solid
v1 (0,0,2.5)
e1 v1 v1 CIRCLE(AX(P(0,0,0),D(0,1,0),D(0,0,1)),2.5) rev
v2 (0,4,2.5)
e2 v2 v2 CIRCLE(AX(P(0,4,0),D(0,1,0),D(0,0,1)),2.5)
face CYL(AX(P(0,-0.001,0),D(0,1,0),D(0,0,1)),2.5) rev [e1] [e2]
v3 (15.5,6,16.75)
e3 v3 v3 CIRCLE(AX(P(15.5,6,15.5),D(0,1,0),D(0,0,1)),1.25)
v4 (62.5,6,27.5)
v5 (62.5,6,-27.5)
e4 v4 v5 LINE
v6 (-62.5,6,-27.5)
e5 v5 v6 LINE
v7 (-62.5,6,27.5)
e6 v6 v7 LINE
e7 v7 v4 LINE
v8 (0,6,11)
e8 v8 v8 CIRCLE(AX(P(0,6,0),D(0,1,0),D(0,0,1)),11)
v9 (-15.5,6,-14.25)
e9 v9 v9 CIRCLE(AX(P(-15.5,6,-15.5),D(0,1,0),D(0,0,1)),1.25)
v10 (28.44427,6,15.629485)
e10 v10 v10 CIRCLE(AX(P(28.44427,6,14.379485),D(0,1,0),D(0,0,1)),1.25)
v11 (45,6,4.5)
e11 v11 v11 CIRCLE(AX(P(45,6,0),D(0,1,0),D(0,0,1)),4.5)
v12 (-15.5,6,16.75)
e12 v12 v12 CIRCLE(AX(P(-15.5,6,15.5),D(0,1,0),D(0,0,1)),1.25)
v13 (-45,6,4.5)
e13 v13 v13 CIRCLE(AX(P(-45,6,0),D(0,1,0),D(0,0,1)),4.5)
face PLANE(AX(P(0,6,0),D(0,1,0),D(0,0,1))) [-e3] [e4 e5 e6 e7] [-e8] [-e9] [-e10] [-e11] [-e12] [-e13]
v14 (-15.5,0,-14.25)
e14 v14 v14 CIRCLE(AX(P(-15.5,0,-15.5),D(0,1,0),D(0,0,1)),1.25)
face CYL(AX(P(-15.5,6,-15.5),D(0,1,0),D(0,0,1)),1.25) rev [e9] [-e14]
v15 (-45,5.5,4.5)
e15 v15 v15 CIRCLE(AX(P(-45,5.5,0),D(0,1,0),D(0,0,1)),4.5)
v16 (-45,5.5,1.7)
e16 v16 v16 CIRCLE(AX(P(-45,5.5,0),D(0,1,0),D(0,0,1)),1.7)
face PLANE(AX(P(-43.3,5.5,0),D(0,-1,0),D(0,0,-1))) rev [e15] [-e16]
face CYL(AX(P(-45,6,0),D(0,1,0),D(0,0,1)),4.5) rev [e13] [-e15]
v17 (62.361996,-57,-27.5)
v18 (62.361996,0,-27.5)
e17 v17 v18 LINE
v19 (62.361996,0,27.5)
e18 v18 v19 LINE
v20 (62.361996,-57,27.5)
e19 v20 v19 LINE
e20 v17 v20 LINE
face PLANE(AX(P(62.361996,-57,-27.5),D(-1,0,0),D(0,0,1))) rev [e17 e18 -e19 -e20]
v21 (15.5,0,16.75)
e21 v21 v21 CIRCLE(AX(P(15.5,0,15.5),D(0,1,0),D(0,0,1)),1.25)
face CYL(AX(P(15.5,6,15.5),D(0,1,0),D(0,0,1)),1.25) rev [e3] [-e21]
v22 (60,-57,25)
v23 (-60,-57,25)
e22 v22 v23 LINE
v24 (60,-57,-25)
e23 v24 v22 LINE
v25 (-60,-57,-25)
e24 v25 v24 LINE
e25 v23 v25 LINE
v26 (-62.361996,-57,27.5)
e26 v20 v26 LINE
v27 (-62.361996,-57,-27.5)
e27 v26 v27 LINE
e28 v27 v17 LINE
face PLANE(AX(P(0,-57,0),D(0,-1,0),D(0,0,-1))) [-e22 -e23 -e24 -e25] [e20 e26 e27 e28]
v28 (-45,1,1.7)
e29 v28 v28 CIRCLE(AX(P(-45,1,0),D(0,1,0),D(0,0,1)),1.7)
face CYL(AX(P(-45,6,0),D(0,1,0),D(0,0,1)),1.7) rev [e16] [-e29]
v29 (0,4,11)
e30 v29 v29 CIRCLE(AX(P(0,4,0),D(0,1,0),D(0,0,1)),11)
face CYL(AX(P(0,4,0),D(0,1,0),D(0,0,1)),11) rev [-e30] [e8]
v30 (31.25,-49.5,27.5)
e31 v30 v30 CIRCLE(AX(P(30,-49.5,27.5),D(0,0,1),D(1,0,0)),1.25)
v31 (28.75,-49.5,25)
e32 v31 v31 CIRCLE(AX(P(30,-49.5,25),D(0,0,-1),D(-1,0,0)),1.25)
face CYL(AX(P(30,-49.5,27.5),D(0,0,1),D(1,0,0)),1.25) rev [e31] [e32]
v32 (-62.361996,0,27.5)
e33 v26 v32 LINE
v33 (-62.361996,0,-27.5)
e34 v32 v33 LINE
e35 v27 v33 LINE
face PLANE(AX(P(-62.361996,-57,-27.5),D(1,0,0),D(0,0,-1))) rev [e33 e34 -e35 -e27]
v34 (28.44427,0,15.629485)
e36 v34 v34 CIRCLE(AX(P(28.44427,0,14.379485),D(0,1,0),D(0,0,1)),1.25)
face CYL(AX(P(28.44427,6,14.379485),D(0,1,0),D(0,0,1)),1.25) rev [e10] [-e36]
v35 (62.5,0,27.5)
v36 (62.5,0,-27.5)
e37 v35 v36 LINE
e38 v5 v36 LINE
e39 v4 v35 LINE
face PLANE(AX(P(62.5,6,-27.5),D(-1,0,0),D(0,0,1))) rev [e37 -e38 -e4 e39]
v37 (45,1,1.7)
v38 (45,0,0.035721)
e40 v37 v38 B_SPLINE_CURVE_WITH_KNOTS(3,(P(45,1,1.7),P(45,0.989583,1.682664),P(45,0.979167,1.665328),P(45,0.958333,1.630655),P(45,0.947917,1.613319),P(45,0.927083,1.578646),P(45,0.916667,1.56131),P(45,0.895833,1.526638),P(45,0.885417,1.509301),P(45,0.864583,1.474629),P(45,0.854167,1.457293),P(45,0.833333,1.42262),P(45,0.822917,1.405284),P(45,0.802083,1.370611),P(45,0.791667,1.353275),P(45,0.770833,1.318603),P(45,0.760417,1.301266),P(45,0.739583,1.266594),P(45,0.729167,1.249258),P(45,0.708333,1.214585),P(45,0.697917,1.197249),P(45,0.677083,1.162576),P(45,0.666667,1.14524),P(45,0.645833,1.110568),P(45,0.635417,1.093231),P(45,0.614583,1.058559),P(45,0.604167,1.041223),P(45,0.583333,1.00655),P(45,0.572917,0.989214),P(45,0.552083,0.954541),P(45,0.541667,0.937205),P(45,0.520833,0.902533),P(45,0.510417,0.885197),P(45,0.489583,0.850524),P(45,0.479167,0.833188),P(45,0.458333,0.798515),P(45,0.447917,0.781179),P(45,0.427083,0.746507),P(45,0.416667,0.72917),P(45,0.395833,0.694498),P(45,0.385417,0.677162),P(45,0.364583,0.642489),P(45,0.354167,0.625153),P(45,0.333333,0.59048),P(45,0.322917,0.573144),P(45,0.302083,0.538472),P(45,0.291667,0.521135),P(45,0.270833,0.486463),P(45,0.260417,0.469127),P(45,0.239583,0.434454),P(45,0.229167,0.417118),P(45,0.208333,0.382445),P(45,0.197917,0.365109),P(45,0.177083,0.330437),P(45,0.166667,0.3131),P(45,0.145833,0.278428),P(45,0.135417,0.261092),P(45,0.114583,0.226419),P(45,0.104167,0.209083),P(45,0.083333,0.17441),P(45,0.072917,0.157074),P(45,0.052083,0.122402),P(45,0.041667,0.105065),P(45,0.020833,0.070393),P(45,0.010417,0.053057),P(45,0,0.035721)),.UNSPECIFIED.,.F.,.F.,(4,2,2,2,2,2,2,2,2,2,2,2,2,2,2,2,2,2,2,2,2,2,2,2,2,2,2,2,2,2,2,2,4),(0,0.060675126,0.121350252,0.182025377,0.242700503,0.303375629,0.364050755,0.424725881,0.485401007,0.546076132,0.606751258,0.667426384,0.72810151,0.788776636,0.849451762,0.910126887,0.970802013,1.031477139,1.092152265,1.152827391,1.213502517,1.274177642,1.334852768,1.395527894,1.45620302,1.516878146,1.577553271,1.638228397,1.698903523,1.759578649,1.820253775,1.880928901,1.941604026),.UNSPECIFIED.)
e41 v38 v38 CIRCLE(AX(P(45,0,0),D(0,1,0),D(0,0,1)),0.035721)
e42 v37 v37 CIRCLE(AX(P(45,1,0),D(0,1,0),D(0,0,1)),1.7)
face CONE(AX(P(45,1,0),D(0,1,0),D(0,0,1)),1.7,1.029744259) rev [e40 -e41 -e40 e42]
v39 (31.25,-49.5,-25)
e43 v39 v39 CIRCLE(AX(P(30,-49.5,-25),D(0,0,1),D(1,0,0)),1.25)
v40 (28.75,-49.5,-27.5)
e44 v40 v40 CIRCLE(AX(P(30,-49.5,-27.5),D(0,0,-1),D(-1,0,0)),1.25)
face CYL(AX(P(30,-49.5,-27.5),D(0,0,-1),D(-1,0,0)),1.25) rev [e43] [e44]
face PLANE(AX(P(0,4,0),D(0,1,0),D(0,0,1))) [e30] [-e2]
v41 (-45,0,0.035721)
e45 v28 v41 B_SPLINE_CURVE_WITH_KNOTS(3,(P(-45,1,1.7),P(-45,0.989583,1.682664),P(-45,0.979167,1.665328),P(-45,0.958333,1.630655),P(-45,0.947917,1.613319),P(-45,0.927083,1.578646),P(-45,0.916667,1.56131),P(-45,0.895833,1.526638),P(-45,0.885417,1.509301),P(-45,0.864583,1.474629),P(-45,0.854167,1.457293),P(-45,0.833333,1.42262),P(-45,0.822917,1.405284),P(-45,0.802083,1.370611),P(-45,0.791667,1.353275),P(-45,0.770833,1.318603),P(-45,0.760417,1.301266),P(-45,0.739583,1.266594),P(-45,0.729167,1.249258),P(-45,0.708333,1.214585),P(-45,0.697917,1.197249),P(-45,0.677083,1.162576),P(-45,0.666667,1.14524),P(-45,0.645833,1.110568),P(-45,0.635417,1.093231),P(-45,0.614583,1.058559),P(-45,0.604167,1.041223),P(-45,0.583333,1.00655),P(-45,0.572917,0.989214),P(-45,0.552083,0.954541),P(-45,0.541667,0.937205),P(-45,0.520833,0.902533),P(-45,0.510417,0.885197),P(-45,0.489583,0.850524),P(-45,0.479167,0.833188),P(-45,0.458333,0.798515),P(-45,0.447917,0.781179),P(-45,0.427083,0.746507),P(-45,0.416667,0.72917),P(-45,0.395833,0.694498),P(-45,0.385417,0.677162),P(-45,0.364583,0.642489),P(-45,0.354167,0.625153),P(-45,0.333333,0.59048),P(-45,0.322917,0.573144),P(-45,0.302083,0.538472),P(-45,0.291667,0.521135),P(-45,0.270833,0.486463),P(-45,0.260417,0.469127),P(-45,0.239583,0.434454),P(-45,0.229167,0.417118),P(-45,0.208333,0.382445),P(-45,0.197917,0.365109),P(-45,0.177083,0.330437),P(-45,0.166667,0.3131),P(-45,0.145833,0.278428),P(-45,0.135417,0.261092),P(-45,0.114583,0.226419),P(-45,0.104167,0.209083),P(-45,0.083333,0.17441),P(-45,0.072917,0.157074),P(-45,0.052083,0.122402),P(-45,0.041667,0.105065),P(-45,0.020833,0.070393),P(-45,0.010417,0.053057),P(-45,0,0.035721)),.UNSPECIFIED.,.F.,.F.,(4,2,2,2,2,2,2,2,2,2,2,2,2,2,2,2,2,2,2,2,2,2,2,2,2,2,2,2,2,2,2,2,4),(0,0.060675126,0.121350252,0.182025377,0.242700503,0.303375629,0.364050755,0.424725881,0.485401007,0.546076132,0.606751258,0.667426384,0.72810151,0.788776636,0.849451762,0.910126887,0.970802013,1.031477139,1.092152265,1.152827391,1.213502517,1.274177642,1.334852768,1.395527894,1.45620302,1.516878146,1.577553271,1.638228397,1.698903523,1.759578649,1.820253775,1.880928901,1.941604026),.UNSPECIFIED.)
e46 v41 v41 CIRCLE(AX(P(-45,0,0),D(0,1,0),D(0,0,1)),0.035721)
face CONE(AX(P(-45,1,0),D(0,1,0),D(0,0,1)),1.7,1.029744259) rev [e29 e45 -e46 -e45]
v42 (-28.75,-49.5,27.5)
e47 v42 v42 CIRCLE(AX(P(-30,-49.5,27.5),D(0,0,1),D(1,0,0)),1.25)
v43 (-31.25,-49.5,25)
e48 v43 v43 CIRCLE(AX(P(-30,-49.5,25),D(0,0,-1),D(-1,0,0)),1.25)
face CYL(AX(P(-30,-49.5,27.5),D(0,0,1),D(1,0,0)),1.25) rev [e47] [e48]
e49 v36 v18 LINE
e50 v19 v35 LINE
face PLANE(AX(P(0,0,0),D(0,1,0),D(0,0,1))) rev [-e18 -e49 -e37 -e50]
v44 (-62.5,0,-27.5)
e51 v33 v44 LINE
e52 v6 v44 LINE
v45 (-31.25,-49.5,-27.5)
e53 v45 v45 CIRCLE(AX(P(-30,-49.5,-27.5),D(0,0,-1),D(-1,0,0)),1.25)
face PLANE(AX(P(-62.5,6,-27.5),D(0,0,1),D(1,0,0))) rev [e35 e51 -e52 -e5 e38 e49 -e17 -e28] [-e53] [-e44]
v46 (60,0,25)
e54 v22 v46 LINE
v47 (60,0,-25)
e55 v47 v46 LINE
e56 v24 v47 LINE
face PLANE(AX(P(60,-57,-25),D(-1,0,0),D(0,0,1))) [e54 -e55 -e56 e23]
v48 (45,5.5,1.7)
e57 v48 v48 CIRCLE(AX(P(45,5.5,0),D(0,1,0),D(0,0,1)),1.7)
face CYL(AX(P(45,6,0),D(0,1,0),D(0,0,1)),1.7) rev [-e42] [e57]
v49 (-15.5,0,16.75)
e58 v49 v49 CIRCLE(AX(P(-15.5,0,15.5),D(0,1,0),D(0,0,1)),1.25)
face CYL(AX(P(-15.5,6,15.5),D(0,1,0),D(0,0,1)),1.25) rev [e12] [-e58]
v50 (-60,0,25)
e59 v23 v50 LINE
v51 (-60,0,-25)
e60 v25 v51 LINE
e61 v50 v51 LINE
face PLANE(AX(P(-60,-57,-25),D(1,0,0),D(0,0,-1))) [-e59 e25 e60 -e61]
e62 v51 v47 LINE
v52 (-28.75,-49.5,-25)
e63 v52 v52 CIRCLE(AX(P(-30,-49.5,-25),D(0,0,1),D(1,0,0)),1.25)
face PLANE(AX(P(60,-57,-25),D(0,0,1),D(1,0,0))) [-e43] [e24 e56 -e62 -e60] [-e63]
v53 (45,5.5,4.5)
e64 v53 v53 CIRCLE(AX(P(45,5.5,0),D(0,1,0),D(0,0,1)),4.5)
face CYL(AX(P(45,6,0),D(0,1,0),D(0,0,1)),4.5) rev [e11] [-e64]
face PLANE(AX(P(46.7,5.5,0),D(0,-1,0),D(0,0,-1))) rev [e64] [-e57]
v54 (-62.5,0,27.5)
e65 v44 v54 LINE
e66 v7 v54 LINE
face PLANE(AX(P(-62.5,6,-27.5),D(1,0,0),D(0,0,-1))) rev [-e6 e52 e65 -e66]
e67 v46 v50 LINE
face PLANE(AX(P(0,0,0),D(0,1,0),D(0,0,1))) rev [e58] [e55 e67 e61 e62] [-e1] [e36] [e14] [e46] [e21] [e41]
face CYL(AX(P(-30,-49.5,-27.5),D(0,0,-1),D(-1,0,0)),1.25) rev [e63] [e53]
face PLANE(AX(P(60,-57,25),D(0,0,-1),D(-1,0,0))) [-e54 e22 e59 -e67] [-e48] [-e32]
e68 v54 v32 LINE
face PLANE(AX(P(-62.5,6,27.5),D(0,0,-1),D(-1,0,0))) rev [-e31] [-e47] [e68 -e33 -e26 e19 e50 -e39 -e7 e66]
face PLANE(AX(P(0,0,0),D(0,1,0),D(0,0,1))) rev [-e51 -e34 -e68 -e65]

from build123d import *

# Parameters (mm, degrees)
SKETCH_1_W                     = 125
SKETCH_1_H                     = 55
EXTRUDE_1_DEPTH                = 6
SKETCH_2_R                     = 11
CUT_EXTRUDE_1_DEPTH            = 2
CUT_EXTRUDE_2_REACH            = 70.4
SKETCH_3_R                     = 2.5
HOLE_WIZARD_M3_1_D             = 2.5
HOLE_WIZARD_M3_1_DEPTH         = 7.5
HOLE_WIZARD_M3_1_TIP           = 0.751075774
SKETCH_6_W                     = 124.723991502
SKETCH_6_H                     = 55
SKETCH_6_W_2                   = 120
SKETCH_6_H_2                   = 50
EXTRUDE_2_DEPTH                = 57
HOLE_WIZARD_M3_2_D             = 2.5
HOLE_WIZARD_M3_2_DEPTH         = 2.5
HOLE_WIZARD_M3_3_D             = 2.5
HOLE_WIZARD_M3_1_2_D           = 3.4
HOLE_WIZARD_M3_1_2_DEPTH       = 5
HOLE_WIZARD_M3_1_2_CBORE_D     = 9
HOLE_WIZARD_M3_1_2_CBORE_DEPTH = 0.5
HOLE_WIZARD_M3_1_2_TIP         = 1.021463052


with BuildPart() as part:
    # 草图1 → 凸台-拉伸1 (new body)
    with BuildSketch(Plane(origin=(0, 0, 0), x_dir=(1, 0, 0), z_dir=(0, 1, 0))):
        Rectangle(SKETCH_1_W, SKETCH_1_H)
    extrude(amount=EXTRUDE_1_DEPTH)

    # 草图2 → 切除-拉伸1 (cut)
    with BuildSketch(Plane(origin=(0, 6, 0), x_dir=(1, 0, 0), z_dir=(0, 1, 0))):
        with Locations(Location((0, 0, 0), (0, 0, 270))):
            Circle(SKETCH_2_R)
    extrude(amount=-CUT_EXTRUDE_1_DEPTH, mode=Mode.SUBTRACT)

    # 草图3 → 切除-拉伸2 (cut, up to next)
    with BuildSketch(Plane(origin=(0, 4, 0), x_dir=(1, 0, 0), z_dir=(0, 1, 0)), mode=Mode.PRIVATE) as cut_extrude_2_sk1:
        with Locations(Location((0, 0, 0), (0, 0, 270))):
            Circle(SKETCH_3_R)
    cut_extrude_2_tool1 = extrude(cut_extrude_2_sk1.sketch, amount=-CUT_EXTRUDE_2_REACH, mode=Mode.PRIVATE) & part.part
    add(cut_extrude_2_tool1.solids().sort_by_distance((0, 4, 0))[0], mode=Mode.SUBTRACT)

    # Hole Wizard M3 _1
    with Locations(Plane(origin=(0, 6, 0), x_dir=(1, 0, 0), z_dir=(0, 1, 0))):
        with Locations((28.444269766, -14.379484624), (15.5, -15.5), (-15.5, -15.5), (-15.5, 15.5)):
            Hole(HOLE_WIZARD_M3_1_D / 2, depth=HOLE_WIZARD_M3_1_DEPTH)
            with Locations((0, 0, -(HOLE_WIZARD_M3_1_DEPTH + HOLE_WIZARD_M3_1_TIP / 2))):  # 118° drill point
                Cone(0, HOLE_WIZARD_M3_1_D / 2, HOLE_WIZARD_M3_1_TIP, mode=Mode.SUBTRACT)

    # 草图6 → 凸台-拉伸2 (add)
    with BuildSketch(Plane.XZ):
        Rectangle(SKETCH_6_W, SKETCH_6_H)
        Rectangle(SKETCH_6_W_2, SKETCH_6_H_2, mode=Mode.SUBTRACT)
    extrude(amount=EXTRUDE_2_DEPTH)

    # M3 螺纹孔2
    with Locations(Plane(origin=(0, 0, -27.5), x_dir=(-1, 0, 0), z_dir=(0, 0, -1))):
        with Locations((30, -49.5), (-30, -49.5)):
            Hole(HOLE_WIZARD_M3_2_D / 2, depth=HOLE_WIZARD_M3_2_DEPTH)

    # M3 螺纹孔3 (through all)
    with Locations(Plane.XY.offset(27.5)):
        with Locations((30, -49.5), (-30, -49.5)):
            Hole(HOLE_WIZARD_M3_3_D / 2)

    # Hole Wizard M3 _1 2
    with Locations(Plane(origin=(-45, 6, 0), x_dir=(0, 0, 1), z_dir=(0, 1, 0))):
        with Locations((0, 0), (0, 90)):
            CounterBoreHole(HOLE_WIZARD_M3_1_2_D / 2, HOLE_WIZARD_M3_1_2_CBORE_D / 2, HOLE_WIZARD_M3_1_2_CBORE_DEPTH, depth=HOLE_WIZARD_M3_1_2_DEPTH)
            with Locations((0, 0, -(HOLE_WIZARD_M3_1_2_DEPTH + HOLE_WIZARD_M3_1_2_TIP / 2))):  # 118° drill point
                Cone(0, HOLE_WIZARD_M3_1_2_D / 2, HOLE_WIZARD_M3_1_2_TIP, mode=Mode.SUBTRACT)


solid = part.part
